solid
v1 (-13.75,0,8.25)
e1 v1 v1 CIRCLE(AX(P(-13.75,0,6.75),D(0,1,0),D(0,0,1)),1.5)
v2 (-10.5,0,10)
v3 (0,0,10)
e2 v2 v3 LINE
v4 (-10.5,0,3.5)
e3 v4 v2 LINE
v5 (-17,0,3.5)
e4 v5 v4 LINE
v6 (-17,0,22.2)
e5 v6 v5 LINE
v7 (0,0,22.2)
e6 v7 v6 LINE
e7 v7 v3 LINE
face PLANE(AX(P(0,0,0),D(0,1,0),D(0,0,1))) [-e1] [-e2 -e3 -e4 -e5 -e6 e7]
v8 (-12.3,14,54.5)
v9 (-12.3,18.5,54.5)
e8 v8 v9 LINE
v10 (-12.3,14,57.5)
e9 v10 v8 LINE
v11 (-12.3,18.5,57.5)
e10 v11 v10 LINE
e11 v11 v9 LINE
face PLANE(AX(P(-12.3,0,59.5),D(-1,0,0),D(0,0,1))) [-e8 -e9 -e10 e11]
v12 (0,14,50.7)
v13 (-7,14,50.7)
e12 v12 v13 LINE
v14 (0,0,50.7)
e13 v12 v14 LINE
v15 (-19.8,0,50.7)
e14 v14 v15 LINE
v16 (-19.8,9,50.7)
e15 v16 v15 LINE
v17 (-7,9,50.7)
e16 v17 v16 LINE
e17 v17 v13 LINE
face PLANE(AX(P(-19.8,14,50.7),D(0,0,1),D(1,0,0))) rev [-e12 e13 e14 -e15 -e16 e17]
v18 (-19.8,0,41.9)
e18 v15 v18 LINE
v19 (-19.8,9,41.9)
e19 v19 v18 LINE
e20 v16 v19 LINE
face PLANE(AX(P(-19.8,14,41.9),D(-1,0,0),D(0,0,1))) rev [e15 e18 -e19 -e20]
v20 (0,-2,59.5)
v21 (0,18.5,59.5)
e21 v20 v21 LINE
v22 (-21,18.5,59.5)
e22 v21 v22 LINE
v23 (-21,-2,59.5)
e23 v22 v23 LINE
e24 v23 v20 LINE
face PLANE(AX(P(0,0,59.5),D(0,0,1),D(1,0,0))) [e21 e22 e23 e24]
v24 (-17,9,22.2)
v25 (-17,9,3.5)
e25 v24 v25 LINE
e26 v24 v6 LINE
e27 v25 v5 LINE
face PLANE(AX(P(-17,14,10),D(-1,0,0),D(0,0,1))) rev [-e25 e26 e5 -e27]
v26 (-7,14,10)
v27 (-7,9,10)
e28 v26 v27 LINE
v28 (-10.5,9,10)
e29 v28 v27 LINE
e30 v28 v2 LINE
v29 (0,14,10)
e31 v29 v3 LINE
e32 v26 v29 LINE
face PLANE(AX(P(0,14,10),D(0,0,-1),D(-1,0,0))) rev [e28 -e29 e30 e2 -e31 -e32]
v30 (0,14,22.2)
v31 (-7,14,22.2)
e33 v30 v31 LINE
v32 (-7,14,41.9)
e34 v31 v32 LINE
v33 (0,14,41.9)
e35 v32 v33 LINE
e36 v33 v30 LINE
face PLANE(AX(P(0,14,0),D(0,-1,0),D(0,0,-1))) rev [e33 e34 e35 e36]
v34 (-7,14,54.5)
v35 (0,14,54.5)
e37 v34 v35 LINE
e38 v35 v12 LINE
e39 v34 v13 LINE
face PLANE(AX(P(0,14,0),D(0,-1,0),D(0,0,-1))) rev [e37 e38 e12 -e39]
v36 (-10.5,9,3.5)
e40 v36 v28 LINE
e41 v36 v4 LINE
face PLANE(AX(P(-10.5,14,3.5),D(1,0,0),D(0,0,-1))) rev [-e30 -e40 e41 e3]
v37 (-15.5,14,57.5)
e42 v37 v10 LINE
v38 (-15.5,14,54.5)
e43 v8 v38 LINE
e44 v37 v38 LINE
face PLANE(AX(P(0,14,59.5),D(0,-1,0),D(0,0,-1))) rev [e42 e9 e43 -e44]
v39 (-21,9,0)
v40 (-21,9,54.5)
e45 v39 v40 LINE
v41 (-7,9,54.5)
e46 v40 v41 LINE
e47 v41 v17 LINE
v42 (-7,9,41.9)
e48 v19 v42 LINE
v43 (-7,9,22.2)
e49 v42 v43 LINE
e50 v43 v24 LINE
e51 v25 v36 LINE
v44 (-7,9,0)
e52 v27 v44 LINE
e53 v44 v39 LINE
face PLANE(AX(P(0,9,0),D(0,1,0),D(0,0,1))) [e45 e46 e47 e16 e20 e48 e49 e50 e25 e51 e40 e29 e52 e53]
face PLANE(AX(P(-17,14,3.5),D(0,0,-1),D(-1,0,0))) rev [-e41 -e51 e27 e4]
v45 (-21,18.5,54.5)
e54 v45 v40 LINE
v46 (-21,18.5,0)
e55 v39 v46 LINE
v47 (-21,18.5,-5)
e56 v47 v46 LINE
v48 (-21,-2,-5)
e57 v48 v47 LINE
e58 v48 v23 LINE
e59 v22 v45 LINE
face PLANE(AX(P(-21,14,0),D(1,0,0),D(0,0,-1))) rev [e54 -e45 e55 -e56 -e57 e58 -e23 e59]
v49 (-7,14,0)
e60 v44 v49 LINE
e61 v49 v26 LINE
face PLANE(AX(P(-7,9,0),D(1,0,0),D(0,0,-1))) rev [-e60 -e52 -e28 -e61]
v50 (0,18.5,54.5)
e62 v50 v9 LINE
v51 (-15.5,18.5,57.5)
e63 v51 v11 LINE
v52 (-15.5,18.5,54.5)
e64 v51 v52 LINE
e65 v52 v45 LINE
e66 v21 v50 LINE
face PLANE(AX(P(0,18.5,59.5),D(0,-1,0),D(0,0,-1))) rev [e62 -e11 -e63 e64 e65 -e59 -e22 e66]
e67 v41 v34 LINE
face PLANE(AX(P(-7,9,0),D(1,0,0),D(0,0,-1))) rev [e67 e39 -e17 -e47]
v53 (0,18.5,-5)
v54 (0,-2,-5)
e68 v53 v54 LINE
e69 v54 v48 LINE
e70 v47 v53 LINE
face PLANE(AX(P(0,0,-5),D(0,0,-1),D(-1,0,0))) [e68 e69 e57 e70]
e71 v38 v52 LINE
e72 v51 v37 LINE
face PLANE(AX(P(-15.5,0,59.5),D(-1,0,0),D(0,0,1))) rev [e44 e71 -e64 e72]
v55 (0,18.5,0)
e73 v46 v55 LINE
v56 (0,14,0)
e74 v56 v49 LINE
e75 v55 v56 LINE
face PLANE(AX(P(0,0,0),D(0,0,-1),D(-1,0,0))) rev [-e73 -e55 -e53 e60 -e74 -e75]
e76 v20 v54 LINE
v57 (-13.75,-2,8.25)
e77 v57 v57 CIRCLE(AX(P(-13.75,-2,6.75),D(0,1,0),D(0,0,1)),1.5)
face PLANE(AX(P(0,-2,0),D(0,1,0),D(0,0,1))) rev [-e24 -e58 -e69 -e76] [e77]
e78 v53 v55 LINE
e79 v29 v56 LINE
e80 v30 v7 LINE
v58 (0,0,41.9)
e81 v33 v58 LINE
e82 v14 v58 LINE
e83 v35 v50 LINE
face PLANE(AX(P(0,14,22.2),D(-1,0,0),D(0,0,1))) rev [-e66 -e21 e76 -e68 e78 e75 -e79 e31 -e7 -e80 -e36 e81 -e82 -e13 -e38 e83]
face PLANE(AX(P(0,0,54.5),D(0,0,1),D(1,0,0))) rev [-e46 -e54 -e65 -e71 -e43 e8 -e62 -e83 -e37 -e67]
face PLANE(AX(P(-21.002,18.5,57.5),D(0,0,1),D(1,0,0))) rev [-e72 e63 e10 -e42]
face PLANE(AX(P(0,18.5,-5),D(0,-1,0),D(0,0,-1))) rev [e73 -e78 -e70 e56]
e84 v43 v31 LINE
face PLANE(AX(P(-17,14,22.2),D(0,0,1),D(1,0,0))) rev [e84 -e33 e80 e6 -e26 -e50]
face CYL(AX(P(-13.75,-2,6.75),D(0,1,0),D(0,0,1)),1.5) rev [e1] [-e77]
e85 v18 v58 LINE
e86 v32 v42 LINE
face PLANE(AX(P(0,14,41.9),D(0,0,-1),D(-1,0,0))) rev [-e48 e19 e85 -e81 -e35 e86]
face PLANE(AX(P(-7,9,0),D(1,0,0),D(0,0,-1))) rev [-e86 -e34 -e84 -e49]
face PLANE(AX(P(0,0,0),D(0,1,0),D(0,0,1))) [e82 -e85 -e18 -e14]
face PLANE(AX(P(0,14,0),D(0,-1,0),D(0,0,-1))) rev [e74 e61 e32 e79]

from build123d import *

# Parameters (mm, degrees)
BOSS_EXTRUDE2_DEPTH = 14
SKETCH3_W           = 21
SKETCH3_H           = 54.5
SKETCH3_R           = 1.5
BOSS_EXTRUDE3_DEPTH = 2
SKETCH4_W           = 14
SKETCH4_H           = 54.5
CUT_EXTRUDE1_DEPTH  = 5
BOSS_EXTRUDE4_DEPTH = 5
BOSS_EXTRUDE6_DEPTH = 5
BOSS_EXTRUDE7_REACH = 10.7
SKETCH8_W           = 2
SKETCH8_H           = 4.5


with BuildPart() as part:
    # Sketch1 → Boss-Extrude2 (new body)
    with BuildSketch(Plane(origin=(0, 0, 0), x_dir=(1, 0, 0), z_dir=(0, 1, 0))):
        Polygon((0, 0), (-7, 0), (-21, 0), (-21, -54.5), (-13.577905098, -54.5), (0, -54.5), (0, -50.7), (-5.8, -50.7), (-19.8, -50.7), (-19.8, -41.9), (-5.8, -41.9), (0, -41.9), (0, -22.2), (-17, -22.2), (-17, -10), (-17, -3.5), (-10.5, -3.5), (-10.5, -10), (0, -10), align=None)
    extrude(amount=BOSS_EXTRUDE2_DEPTH)

    # Sketch3 → Boss-Extrude3 (add)
    with BuildSketch(Plane(origin=(0, 0, 0), x_dir=(1, 0, 0), z_dir=(0, 1, 0))):
        with Locations((-10.5, -27.25)):
            Rectangle(SKETCH3_W, SKETCH3_H)
        with Locations((-13.75, -6.75)):
            Circle(SKETCH3_R, mode=Mode.SUBTRACT)
    extrude(amount=-BOSS_EXTRUDE3_DEPTH)

    # Sketch4 → Cut-Extrude1 (cut)
    with BuildSketch(Plane(origin=(0, 14, 0), x_dir=(1, 0, 0), z_dir=(0, 1, 0))):
        with Locations((-14, -27.25)):
            Rectangle(SKETCH4_W, SKETCH4_H)
    extrude(amount=-CUT_EXTRUDE1_DEPTH, mode=Mode.SUBTRACT)

    # Sketch5 → Boss-Extrude4 (add)
    with BuildSketch(Plane.XY.offset(54.5)):
        Polygon((-12.3, -2), (0, -2), (0, 14), (-7, 14), (-7, 9), (-21, 9), (-21, -2), (-15.5, -2), align=None)
        Polygon((-7, 14), (0, 14), (0, 18.5), (-12.3, 18.5), (-12.3, 14), (-15.5, 14), (-15.5, 18.5), (-21, 18.5), (-21, 9), (-7, 9), align=None)
    extrude(amount=BOSS_EXTRUDE4_DEPTH)

    # Sketch7 → Boss-Extrude6 (add)
    with BuildSketch(Plane(origin=(0, 0, 0), x_dir=(-1, 0, 0), z_dir=(0, 0, -1))):
        Polygon((0, 18.5), (12.3, 18.5), (21, 18.5), (21, -2), (0, -2), align=None)
    extrude(amount=BOSS_EXTRUDE6_DEPTH)

    # Sketch8 → Boss-Extrude7 (add, up to next)
    with BuildSketch(Plane.ZY.offset(12.3), mode=Mode.PRIVATE) as boss_extrude7_sk1:
        with Locations((58.5, 16.25)):
            Rectangle(SKETCH8_W, SKETCH8_H)
    boss_extrude7_tool1 = extrude(boss_extrude7_sk1.sketch, amount=BOSS_EXTRUDE7_REACH, mode=Mode.PRIVATE) - part.part
    add(boss_extrude7_tool1.solids().sort_by_distance((-12.3, 16.25, 58.5))[0])


solid = part.part
